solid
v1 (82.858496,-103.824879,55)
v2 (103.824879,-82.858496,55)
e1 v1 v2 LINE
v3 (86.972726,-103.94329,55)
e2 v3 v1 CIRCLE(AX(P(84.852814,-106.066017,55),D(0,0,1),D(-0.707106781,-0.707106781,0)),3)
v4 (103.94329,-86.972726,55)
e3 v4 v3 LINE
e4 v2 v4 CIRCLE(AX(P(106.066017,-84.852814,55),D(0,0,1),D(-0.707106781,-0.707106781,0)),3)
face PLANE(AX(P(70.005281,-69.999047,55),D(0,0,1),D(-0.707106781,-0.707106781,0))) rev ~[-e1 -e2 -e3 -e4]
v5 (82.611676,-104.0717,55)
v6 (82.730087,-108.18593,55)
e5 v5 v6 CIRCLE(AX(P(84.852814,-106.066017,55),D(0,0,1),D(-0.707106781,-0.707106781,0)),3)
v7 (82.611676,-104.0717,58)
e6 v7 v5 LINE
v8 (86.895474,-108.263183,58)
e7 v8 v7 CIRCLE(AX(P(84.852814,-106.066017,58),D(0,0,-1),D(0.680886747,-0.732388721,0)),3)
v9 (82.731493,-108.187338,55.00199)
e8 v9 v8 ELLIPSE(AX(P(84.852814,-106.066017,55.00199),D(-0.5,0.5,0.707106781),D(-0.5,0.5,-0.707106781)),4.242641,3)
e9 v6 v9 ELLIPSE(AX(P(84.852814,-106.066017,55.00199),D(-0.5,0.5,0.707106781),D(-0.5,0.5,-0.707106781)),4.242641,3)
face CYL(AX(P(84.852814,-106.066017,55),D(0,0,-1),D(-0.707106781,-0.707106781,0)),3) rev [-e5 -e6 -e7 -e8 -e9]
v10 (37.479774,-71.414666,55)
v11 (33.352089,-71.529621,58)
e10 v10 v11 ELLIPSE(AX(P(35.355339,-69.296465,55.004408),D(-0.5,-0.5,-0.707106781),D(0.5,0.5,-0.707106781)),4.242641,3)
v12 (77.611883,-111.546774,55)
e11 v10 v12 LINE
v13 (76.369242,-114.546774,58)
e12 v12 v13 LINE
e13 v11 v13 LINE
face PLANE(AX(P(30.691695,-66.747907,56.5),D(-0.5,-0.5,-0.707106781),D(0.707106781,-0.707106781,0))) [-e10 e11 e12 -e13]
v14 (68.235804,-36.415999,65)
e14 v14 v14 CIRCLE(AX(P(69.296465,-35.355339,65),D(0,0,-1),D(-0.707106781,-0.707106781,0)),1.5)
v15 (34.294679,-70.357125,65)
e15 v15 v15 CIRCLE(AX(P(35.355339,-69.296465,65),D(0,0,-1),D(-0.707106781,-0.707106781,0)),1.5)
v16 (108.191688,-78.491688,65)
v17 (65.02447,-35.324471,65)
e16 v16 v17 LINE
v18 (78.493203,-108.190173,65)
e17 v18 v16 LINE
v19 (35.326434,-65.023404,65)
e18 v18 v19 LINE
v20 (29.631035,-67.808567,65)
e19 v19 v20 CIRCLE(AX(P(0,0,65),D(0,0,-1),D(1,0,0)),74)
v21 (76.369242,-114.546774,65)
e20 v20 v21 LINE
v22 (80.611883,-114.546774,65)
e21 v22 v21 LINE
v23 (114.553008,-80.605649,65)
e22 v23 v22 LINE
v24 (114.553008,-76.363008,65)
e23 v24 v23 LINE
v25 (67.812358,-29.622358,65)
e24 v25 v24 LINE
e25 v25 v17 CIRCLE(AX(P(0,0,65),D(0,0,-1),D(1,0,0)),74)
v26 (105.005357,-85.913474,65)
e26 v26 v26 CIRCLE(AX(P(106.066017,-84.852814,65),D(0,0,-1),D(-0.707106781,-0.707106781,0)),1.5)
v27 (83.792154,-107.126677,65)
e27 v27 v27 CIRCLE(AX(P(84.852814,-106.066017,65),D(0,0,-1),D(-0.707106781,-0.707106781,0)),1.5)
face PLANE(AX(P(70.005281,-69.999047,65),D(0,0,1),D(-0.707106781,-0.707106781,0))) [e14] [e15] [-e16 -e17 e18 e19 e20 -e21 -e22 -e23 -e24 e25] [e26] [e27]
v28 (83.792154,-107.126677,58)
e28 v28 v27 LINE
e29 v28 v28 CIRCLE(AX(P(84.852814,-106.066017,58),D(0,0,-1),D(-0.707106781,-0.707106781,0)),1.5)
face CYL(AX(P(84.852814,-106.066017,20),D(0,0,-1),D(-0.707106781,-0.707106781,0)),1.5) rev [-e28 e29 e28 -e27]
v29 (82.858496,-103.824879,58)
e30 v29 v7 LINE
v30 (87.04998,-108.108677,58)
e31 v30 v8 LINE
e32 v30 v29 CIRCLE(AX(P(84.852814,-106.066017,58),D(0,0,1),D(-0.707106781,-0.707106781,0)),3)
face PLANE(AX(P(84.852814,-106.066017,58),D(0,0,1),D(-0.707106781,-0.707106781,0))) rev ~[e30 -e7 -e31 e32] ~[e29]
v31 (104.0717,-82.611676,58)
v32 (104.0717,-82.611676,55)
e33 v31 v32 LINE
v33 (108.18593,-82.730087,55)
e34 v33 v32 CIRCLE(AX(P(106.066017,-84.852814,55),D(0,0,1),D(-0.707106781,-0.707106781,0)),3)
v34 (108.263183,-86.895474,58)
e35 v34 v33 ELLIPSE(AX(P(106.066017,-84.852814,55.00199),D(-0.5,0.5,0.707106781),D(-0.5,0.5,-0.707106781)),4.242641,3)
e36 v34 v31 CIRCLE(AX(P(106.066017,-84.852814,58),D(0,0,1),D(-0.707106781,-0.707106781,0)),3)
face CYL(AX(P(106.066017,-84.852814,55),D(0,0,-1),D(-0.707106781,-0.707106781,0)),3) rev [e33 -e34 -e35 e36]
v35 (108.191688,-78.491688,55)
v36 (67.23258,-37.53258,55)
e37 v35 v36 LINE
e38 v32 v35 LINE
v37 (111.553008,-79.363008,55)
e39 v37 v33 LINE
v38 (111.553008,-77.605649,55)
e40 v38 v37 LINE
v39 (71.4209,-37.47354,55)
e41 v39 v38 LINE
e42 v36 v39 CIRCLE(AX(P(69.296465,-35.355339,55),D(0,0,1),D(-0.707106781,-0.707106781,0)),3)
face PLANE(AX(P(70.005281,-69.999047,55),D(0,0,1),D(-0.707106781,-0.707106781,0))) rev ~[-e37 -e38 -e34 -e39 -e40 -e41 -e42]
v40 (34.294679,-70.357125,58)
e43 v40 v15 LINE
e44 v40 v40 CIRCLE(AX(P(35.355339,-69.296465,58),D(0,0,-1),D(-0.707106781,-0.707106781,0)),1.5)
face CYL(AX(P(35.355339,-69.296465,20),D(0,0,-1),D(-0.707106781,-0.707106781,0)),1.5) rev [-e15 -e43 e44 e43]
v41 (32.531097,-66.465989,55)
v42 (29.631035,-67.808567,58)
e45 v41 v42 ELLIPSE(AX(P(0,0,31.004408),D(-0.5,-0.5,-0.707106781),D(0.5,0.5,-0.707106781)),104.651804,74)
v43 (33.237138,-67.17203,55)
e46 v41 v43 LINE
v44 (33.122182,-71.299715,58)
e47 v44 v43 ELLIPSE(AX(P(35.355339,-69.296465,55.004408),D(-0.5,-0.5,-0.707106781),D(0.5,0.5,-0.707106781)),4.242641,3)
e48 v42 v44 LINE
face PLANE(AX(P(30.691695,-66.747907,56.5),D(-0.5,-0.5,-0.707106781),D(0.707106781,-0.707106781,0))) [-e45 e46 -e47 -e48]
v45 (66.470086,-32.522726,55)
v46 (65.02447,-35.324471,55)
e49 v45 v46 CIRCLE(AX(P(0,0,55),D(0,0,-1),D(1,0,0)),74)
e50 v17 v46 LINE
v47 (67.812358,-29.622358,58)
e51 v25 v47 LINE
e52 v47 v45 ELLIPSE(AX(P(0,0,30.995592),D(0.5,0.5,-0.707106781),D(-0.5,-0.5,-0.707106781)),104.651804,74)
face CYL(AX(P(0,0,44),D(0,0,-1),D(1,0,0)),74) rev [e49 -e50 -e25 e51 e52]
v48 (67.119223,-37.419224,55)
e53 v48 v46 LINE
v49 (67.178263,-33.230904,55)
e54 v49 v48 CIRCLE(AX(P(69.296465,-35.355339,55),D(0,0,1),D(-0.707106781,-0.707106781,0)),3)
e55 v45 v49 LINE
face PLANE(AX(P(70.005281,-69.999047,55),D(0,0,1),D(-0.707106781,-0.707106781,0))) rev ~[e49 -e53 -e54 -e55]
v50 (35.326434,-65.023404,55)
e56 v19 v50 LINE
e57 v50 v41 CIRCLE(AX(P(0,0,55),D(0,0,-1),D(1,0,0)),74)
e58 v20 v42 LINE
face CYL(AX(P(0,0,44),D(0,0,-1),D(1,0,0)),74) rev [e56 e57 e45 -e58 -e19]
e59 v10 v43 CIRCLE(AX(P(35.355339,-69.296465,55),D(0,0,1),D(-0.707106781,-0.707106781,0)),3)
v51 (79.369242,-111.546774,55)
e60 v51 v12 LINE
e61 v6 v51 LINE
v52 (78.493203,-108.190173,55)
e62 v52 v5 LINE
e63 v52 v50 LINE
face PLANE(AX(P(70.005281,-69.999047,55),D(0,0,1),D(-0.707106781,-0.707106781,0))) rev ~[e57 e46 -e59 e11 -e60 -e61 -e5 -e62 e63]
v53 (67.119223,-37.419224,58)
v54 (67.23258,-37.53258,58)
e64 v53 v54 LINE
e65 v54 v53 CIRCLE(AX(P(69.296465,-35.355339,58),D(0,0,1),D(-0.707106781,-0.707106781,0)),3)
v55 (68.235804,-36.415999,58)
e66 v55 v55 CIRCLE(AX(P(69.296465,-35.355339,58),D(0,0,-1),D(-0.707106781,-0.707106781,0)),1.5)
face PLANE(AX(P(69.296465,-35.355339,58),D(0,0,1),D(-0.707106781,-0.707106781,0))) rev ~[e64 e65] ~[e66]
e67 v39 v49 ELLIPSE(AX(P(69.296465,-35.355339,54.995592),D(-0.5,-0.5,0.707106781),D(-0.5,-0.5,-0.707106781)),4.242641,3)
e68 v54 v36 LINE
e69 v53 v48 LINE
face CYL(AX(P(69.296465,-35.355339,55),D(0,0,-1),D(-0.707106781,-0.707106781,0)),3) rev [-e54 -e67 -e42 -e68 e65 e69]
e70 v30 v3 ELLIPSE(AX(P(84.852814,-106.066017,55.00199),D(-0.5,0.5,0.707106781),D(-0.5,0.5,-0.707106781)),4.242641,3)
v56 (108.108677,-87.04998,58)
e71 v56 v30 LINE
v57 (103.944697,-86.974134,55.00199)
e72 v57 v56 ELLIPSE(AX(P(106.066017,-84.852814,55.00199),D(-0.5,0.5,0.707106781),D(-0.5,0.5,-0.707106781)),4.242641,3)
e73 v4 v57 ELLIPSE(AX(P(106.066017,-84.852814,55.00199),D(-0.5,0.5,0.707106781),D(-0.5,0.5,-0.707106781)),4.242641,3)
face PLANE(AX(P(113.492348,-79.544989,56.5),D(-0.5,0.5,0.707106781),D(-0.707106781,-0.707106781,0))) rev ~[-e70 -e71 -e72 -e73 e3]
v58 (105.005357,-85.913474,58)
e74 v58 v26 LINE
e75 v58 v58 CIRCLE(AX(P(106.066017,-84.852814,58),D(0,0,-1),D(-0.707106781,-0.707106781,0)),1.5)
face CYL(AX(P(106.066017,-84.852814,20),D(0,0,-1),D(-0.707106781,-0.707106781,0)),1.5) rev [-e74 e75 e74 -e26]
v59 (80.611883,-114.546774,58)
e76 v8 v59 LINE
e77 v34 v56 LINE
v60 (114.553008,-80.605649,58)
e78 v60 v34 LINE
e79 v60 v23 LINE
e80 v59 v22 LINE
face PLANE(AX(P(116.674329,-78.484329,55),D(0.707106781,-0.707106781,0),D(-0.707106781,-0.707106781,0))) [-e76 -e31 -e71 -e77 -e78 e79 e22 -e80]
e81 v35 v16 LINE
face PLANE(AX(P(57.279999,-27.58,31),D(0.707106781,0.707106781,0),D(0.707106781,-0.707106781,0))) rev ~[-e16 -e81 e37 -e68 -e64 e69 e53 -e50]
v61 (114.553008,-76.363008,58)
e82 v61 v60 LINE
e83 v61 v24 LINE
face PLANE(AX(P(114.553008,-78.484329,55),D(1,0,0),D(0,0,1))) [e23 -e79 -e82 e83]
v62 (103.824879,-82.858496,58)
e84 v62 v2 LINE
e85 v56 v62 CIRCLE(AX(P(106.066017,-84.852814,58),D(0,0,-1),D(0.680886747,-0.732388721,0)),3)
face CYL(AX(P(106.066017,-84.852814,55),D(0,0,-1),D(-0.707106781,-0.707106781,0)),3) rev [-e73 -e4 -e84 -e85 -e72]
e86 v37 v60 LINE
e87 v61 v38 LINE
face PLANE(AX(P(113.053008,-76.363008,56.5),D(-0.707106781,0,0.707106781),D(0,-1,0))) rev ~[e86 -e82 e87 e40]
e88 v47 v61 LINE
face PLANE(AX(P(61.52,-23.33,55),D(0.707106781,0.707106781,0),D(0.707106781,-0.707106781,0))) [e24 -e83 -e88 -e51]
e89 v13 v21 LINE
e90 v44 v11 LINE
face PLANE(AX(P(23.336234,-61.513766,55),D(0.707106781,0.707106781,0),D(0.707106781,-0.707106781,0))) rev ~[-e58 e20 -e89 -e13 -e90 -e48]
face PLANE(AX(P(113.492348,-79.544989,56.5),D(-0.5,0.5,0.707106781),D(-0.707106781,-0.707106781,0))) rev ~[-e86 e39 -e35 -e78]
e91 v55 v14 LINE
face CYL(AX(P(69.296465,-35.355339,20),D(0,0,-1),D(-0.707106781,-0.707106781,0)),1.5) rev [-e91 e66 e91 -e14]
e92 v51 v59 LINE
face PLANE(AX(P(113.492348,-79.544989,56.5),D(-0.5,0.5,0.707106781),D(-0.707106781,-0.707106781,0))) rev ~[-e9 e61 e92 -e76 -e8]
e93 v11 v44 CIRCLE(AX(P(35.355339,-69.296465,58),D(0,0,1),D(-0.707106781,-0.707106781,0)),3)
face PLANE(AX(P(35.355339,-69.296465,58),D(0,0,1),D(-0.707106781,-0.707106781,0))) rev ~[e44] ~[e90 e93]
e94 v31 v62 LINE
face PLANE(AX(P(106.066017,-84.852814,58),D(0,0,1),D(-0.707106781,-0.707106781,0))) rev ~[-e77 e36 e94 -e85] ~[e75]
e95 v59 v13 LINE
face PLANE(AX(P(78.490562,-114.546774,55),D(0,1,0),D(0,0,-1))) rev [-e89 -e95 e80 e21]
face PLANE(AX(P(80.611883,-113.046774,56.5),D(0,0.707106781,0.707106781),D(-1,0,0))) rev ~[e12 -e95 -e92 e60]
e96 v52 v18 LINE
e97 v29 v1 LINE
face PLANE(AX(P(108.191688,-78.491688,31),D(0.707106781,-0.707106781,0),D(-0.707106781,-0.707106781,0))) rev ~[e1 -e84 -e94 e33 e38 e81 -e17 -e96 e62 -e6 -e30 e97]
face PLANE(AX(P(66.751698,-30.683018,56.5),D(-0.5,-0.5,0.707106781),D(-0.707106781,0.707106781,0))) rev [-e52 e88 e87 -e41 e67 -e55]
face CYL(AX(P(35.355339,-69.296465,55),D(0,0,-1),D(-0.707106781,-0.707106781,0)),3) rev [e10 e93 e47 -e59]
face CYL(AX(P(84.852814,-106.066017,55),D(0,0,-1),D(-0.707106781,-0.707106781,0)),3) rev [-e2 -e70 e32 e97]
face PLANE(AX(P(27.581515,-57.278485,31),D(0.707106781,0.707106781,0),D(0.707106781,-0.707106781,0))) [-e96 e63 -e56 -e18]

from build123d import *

# Parameters (mm, degrees)
CYLINDER1994_R               = 1.5
CYLINDER1994_DEPTH           = 60
CYLINDER1991_R               = 1.5
CYLINDER1991_DEPTH           = 60
CYLINDER1992_R               = 1.5
CYLINDER1992_DEPTH           = 60
CYLINDER1993_R               = 1.5
CYLINDER1993_DEPTH           = 60
COMPOUND1074_PLACEMENT_ANGLE = 225
CYLINDER1990_R               = 3
CYLINDER1990_DEPTH           = 3
CYLINDER1987_R               = 3
CYLINDER1987_DEPTH           = 3
CYLINDER1988_R               = 3
CYLINDER1988_DEPTH           = 3
CYLINDER1989_R               = 3
CYLINDER1989_DEPTH           = 3
COMPOUND1075_PLACEMENT_ANGLE = 225
CYLINDER1986_R               = 74
CYLINDER1986_DEPTH           = 40
BOX985_W                     = 42
BOX985_H                     = 72
BOX985_DEPTH                 = 50
COMPOUND1072_PLACEMENT_ANGLE = 225
BOX986_W                     = 54
BOX986_H                     = 78
BOX986_DEPTH                 = 10
COMPOUND1073_PLACEMENT_ANGLE = 225
CHAMFER076_SIZE              = 3
CHAMFER077_SIZE              = 3


with BuildPart() as v_lec1994:
    # Cylinder1994 → Cylinder1994 (new body)
    with BuildSketch(Plane(origin=(-24, 74, -80), x_dir=(1, 0, 0), z_dir=(0, 0, 1))):
        Circle(CYLINDER1994_R)
    extrude(amount=CYLINDER1994_DEPTH)


with BuildPart() as v_lec1991:
    # Cylinder1991 → Cylinder1991 (new body)
    with BuildSketch(Plane(origin=(-15, 135, -80), x_dir=(1, 0, 0), z_dir=(0, 0, 1))):
        Circle(CYLINDER1991_R)
    extrude(amount=CYLINDER1991_DEPTH)


with BuildPart() as v_lec1992:
    # Cylinder1992 → Cylinder1992 (new body)
    with BuildSketch(Plane(origin=(15, 135, -80), x_dir=(1, 0, 0), z_dir=(0, 0, 1))):
        Circle(CYLINDER1992_R)
    extrude(amount=CYLINDER1992_DEPTH)


with BuildPart() as compound1074:
    # Cylinder1993 → Cylinder1993 (new body)
    with BuildSketch(Plane(origin=(24, 74, -80), x_dir=(1, 0, 0), z_dir=(0, 0, 1))):
        Circle(CYLINDER1993_R)
    extrude(amount=CYLINDER1993_DEPTH)

    # Compound1074: union Válec1994, Válec1991, Válec1992
    add(v_lec1994.part)
    add(v_lec1991.part)
    add(v_lec1992.part)


with BuildPart() as compound1074_1:
    # Compound1074 placement: moved
    add(compound1074.part.moved(Location((0, 0, 100))).rotate(Axis((0, 0, 100), (0, 0, 1)), COMPOUND1074_PLACEMENT_ANGLE))


with BuildPart() as v_lec1990:
    # Cylinder1990 → Cylinder1990 (new body)
    with BuildSketch(Plane(origin=(-24, 74, -80), x_dir=(1, 0, 0), z_dir=(0, 0, 1))):
        Circle(CYLINDER1990_R)
    extrude(amount=CYLINDER1990_DEPTH)


with BuildPart() as v_lec1987:
    # Cylinder1987 → Cylinder1987 (new body)
    with BuildSketch(Plane(origin=(-15, 135, -80), x_dir=(1, 0, 0), z_dir=(0, 0, 1))):
        Circle(CYLINDER1987_R)
    extrude(amount=CYLINDER1987_DEPTH)


with BuildPart() as v_lec1988:
    # Cylinder1988 → Cylinder1988 (new body)
    with BuildSketch(Plane(origin=(15, 135, -80), x_dir=(1, 0, 0), z_dir=(0, 0, 1))):
        Circle(CYLINDER1988_R)
    extrude(amount=CYLINDER1988_DEPTH)


with BuildPart() as compound1075:
    # Cylinder1989 → Cylinder1989 (new body)
    with BuildSketch(Plane(origin=(24, 74, -80), x_dir=(1, 0, 0), z_dir=(0, 0, 1))):
        Circle(CYLINDER1989_R)
    extrude(amount=CYLINDER1989_DEPTH)

    # Compound1075: union Válec1990, Válec1987, Válec1988
    add(v_lec1990.part)
    add(v_lec1987.part)
    add(v_lec1988.part)


with BuildPart() as compound1075_1:
    # Compound1075 placement: moved
    add(compound1075.part.moved(Location((0, 0, 135))).rotate(Axis((0, 0, 135), (0, 0, 1)), COMPOUND1075_PLACEMENT_ANGLE))


with BuildPart() as v_lec1986:
    # Cylinder1986 → Cylinder1986 (new body)
    with BuildSketch(Plane.XY.offset(44)):
        Circle(CYLINDER1986_R)
    extrude(amount=CYLINDER1986_DEPTH)


with BuildPart() as compound1072:
    # Box985 → Box985 (new body)
    with BuildSketch(Plane(origin=(-21.001071, 60.005081, 31), x_dir=(1, 0, 0), z_dir=(0, 0, 1))):
        with Locations((21, 36)):
            Rectangle(BOX985_W, BOX985_H)
    extrude(amount=BOX985_DEPTH)


with BuildPart() as compound1072_1:
    # Compound1072 placement: moved
    add(compound1072.part.rotate(Axis((0, 0, 0), (0, 0, 1)), COMPOUND1072_PLACEMENT_ANGLE))


with BuildPart() as cut676:
    # Box986 → Box986 (new body)
    with BuildSketch(Plane(origin=(-27.004408, 59.99801, 75), x_dir=(1, 0, 0), z_dir=(0, 0, 1))):
        with Locations((27, 39)):
            Rectangle(BOX986_W, BOX986_H)
    extrude(amount=BOX986_DEPTH)


with BuildPart() as cut676_1:
    # Compound1073 placement: moved
    add(cut676.part.moved(Location((0, 0, -20))).rotate(Axis((0, 0, -20), (0, 0, 1)), COMPOUND1073_PLACEMENT_ANGLE))

    # Cut670: cut Compound1072
    add(compound1072_1.part, mode=Mode.SUBTRACT)

    # Cut671: cut Válec1986
    add(v_lec1986.part, mode=Mode.SUBTRACT)

    # Chamfer076
    chamfer076_edges = [cut676_1.edges().sort_by_distance(p)[0] for p in [
        (116.674329, -78.484329, 60),
        (78.490563, -116.668095, 60),
    ]]
    chamfer(chamfer076_edges, length=CHAMFER076_SIZE)

    # Chamfer077
    chamfer077_edges = [cut676_1.edges().sort_by_distance(p)[0] for p in [
        (91.182683, -52.992683, 55),
        (114.553009, -78.484329, 55),
        (53.000139, -91.177671, 55),
        (78.490563, -114.546775, 55),
        (97.582446, -97.576212, 55),
    ]]
    chamfer(chamfer077_edges, length=CHAMFER077_SIZE)

    # Cut675: cut Compound1075
    add(compound1075_1.part, mode=Mode.SUBTRACT)

    # Cut676: cut Compound1074
    add(compound1074_1.part, mode=Mode.SUBTRACT)


solid = cut676_1.part
